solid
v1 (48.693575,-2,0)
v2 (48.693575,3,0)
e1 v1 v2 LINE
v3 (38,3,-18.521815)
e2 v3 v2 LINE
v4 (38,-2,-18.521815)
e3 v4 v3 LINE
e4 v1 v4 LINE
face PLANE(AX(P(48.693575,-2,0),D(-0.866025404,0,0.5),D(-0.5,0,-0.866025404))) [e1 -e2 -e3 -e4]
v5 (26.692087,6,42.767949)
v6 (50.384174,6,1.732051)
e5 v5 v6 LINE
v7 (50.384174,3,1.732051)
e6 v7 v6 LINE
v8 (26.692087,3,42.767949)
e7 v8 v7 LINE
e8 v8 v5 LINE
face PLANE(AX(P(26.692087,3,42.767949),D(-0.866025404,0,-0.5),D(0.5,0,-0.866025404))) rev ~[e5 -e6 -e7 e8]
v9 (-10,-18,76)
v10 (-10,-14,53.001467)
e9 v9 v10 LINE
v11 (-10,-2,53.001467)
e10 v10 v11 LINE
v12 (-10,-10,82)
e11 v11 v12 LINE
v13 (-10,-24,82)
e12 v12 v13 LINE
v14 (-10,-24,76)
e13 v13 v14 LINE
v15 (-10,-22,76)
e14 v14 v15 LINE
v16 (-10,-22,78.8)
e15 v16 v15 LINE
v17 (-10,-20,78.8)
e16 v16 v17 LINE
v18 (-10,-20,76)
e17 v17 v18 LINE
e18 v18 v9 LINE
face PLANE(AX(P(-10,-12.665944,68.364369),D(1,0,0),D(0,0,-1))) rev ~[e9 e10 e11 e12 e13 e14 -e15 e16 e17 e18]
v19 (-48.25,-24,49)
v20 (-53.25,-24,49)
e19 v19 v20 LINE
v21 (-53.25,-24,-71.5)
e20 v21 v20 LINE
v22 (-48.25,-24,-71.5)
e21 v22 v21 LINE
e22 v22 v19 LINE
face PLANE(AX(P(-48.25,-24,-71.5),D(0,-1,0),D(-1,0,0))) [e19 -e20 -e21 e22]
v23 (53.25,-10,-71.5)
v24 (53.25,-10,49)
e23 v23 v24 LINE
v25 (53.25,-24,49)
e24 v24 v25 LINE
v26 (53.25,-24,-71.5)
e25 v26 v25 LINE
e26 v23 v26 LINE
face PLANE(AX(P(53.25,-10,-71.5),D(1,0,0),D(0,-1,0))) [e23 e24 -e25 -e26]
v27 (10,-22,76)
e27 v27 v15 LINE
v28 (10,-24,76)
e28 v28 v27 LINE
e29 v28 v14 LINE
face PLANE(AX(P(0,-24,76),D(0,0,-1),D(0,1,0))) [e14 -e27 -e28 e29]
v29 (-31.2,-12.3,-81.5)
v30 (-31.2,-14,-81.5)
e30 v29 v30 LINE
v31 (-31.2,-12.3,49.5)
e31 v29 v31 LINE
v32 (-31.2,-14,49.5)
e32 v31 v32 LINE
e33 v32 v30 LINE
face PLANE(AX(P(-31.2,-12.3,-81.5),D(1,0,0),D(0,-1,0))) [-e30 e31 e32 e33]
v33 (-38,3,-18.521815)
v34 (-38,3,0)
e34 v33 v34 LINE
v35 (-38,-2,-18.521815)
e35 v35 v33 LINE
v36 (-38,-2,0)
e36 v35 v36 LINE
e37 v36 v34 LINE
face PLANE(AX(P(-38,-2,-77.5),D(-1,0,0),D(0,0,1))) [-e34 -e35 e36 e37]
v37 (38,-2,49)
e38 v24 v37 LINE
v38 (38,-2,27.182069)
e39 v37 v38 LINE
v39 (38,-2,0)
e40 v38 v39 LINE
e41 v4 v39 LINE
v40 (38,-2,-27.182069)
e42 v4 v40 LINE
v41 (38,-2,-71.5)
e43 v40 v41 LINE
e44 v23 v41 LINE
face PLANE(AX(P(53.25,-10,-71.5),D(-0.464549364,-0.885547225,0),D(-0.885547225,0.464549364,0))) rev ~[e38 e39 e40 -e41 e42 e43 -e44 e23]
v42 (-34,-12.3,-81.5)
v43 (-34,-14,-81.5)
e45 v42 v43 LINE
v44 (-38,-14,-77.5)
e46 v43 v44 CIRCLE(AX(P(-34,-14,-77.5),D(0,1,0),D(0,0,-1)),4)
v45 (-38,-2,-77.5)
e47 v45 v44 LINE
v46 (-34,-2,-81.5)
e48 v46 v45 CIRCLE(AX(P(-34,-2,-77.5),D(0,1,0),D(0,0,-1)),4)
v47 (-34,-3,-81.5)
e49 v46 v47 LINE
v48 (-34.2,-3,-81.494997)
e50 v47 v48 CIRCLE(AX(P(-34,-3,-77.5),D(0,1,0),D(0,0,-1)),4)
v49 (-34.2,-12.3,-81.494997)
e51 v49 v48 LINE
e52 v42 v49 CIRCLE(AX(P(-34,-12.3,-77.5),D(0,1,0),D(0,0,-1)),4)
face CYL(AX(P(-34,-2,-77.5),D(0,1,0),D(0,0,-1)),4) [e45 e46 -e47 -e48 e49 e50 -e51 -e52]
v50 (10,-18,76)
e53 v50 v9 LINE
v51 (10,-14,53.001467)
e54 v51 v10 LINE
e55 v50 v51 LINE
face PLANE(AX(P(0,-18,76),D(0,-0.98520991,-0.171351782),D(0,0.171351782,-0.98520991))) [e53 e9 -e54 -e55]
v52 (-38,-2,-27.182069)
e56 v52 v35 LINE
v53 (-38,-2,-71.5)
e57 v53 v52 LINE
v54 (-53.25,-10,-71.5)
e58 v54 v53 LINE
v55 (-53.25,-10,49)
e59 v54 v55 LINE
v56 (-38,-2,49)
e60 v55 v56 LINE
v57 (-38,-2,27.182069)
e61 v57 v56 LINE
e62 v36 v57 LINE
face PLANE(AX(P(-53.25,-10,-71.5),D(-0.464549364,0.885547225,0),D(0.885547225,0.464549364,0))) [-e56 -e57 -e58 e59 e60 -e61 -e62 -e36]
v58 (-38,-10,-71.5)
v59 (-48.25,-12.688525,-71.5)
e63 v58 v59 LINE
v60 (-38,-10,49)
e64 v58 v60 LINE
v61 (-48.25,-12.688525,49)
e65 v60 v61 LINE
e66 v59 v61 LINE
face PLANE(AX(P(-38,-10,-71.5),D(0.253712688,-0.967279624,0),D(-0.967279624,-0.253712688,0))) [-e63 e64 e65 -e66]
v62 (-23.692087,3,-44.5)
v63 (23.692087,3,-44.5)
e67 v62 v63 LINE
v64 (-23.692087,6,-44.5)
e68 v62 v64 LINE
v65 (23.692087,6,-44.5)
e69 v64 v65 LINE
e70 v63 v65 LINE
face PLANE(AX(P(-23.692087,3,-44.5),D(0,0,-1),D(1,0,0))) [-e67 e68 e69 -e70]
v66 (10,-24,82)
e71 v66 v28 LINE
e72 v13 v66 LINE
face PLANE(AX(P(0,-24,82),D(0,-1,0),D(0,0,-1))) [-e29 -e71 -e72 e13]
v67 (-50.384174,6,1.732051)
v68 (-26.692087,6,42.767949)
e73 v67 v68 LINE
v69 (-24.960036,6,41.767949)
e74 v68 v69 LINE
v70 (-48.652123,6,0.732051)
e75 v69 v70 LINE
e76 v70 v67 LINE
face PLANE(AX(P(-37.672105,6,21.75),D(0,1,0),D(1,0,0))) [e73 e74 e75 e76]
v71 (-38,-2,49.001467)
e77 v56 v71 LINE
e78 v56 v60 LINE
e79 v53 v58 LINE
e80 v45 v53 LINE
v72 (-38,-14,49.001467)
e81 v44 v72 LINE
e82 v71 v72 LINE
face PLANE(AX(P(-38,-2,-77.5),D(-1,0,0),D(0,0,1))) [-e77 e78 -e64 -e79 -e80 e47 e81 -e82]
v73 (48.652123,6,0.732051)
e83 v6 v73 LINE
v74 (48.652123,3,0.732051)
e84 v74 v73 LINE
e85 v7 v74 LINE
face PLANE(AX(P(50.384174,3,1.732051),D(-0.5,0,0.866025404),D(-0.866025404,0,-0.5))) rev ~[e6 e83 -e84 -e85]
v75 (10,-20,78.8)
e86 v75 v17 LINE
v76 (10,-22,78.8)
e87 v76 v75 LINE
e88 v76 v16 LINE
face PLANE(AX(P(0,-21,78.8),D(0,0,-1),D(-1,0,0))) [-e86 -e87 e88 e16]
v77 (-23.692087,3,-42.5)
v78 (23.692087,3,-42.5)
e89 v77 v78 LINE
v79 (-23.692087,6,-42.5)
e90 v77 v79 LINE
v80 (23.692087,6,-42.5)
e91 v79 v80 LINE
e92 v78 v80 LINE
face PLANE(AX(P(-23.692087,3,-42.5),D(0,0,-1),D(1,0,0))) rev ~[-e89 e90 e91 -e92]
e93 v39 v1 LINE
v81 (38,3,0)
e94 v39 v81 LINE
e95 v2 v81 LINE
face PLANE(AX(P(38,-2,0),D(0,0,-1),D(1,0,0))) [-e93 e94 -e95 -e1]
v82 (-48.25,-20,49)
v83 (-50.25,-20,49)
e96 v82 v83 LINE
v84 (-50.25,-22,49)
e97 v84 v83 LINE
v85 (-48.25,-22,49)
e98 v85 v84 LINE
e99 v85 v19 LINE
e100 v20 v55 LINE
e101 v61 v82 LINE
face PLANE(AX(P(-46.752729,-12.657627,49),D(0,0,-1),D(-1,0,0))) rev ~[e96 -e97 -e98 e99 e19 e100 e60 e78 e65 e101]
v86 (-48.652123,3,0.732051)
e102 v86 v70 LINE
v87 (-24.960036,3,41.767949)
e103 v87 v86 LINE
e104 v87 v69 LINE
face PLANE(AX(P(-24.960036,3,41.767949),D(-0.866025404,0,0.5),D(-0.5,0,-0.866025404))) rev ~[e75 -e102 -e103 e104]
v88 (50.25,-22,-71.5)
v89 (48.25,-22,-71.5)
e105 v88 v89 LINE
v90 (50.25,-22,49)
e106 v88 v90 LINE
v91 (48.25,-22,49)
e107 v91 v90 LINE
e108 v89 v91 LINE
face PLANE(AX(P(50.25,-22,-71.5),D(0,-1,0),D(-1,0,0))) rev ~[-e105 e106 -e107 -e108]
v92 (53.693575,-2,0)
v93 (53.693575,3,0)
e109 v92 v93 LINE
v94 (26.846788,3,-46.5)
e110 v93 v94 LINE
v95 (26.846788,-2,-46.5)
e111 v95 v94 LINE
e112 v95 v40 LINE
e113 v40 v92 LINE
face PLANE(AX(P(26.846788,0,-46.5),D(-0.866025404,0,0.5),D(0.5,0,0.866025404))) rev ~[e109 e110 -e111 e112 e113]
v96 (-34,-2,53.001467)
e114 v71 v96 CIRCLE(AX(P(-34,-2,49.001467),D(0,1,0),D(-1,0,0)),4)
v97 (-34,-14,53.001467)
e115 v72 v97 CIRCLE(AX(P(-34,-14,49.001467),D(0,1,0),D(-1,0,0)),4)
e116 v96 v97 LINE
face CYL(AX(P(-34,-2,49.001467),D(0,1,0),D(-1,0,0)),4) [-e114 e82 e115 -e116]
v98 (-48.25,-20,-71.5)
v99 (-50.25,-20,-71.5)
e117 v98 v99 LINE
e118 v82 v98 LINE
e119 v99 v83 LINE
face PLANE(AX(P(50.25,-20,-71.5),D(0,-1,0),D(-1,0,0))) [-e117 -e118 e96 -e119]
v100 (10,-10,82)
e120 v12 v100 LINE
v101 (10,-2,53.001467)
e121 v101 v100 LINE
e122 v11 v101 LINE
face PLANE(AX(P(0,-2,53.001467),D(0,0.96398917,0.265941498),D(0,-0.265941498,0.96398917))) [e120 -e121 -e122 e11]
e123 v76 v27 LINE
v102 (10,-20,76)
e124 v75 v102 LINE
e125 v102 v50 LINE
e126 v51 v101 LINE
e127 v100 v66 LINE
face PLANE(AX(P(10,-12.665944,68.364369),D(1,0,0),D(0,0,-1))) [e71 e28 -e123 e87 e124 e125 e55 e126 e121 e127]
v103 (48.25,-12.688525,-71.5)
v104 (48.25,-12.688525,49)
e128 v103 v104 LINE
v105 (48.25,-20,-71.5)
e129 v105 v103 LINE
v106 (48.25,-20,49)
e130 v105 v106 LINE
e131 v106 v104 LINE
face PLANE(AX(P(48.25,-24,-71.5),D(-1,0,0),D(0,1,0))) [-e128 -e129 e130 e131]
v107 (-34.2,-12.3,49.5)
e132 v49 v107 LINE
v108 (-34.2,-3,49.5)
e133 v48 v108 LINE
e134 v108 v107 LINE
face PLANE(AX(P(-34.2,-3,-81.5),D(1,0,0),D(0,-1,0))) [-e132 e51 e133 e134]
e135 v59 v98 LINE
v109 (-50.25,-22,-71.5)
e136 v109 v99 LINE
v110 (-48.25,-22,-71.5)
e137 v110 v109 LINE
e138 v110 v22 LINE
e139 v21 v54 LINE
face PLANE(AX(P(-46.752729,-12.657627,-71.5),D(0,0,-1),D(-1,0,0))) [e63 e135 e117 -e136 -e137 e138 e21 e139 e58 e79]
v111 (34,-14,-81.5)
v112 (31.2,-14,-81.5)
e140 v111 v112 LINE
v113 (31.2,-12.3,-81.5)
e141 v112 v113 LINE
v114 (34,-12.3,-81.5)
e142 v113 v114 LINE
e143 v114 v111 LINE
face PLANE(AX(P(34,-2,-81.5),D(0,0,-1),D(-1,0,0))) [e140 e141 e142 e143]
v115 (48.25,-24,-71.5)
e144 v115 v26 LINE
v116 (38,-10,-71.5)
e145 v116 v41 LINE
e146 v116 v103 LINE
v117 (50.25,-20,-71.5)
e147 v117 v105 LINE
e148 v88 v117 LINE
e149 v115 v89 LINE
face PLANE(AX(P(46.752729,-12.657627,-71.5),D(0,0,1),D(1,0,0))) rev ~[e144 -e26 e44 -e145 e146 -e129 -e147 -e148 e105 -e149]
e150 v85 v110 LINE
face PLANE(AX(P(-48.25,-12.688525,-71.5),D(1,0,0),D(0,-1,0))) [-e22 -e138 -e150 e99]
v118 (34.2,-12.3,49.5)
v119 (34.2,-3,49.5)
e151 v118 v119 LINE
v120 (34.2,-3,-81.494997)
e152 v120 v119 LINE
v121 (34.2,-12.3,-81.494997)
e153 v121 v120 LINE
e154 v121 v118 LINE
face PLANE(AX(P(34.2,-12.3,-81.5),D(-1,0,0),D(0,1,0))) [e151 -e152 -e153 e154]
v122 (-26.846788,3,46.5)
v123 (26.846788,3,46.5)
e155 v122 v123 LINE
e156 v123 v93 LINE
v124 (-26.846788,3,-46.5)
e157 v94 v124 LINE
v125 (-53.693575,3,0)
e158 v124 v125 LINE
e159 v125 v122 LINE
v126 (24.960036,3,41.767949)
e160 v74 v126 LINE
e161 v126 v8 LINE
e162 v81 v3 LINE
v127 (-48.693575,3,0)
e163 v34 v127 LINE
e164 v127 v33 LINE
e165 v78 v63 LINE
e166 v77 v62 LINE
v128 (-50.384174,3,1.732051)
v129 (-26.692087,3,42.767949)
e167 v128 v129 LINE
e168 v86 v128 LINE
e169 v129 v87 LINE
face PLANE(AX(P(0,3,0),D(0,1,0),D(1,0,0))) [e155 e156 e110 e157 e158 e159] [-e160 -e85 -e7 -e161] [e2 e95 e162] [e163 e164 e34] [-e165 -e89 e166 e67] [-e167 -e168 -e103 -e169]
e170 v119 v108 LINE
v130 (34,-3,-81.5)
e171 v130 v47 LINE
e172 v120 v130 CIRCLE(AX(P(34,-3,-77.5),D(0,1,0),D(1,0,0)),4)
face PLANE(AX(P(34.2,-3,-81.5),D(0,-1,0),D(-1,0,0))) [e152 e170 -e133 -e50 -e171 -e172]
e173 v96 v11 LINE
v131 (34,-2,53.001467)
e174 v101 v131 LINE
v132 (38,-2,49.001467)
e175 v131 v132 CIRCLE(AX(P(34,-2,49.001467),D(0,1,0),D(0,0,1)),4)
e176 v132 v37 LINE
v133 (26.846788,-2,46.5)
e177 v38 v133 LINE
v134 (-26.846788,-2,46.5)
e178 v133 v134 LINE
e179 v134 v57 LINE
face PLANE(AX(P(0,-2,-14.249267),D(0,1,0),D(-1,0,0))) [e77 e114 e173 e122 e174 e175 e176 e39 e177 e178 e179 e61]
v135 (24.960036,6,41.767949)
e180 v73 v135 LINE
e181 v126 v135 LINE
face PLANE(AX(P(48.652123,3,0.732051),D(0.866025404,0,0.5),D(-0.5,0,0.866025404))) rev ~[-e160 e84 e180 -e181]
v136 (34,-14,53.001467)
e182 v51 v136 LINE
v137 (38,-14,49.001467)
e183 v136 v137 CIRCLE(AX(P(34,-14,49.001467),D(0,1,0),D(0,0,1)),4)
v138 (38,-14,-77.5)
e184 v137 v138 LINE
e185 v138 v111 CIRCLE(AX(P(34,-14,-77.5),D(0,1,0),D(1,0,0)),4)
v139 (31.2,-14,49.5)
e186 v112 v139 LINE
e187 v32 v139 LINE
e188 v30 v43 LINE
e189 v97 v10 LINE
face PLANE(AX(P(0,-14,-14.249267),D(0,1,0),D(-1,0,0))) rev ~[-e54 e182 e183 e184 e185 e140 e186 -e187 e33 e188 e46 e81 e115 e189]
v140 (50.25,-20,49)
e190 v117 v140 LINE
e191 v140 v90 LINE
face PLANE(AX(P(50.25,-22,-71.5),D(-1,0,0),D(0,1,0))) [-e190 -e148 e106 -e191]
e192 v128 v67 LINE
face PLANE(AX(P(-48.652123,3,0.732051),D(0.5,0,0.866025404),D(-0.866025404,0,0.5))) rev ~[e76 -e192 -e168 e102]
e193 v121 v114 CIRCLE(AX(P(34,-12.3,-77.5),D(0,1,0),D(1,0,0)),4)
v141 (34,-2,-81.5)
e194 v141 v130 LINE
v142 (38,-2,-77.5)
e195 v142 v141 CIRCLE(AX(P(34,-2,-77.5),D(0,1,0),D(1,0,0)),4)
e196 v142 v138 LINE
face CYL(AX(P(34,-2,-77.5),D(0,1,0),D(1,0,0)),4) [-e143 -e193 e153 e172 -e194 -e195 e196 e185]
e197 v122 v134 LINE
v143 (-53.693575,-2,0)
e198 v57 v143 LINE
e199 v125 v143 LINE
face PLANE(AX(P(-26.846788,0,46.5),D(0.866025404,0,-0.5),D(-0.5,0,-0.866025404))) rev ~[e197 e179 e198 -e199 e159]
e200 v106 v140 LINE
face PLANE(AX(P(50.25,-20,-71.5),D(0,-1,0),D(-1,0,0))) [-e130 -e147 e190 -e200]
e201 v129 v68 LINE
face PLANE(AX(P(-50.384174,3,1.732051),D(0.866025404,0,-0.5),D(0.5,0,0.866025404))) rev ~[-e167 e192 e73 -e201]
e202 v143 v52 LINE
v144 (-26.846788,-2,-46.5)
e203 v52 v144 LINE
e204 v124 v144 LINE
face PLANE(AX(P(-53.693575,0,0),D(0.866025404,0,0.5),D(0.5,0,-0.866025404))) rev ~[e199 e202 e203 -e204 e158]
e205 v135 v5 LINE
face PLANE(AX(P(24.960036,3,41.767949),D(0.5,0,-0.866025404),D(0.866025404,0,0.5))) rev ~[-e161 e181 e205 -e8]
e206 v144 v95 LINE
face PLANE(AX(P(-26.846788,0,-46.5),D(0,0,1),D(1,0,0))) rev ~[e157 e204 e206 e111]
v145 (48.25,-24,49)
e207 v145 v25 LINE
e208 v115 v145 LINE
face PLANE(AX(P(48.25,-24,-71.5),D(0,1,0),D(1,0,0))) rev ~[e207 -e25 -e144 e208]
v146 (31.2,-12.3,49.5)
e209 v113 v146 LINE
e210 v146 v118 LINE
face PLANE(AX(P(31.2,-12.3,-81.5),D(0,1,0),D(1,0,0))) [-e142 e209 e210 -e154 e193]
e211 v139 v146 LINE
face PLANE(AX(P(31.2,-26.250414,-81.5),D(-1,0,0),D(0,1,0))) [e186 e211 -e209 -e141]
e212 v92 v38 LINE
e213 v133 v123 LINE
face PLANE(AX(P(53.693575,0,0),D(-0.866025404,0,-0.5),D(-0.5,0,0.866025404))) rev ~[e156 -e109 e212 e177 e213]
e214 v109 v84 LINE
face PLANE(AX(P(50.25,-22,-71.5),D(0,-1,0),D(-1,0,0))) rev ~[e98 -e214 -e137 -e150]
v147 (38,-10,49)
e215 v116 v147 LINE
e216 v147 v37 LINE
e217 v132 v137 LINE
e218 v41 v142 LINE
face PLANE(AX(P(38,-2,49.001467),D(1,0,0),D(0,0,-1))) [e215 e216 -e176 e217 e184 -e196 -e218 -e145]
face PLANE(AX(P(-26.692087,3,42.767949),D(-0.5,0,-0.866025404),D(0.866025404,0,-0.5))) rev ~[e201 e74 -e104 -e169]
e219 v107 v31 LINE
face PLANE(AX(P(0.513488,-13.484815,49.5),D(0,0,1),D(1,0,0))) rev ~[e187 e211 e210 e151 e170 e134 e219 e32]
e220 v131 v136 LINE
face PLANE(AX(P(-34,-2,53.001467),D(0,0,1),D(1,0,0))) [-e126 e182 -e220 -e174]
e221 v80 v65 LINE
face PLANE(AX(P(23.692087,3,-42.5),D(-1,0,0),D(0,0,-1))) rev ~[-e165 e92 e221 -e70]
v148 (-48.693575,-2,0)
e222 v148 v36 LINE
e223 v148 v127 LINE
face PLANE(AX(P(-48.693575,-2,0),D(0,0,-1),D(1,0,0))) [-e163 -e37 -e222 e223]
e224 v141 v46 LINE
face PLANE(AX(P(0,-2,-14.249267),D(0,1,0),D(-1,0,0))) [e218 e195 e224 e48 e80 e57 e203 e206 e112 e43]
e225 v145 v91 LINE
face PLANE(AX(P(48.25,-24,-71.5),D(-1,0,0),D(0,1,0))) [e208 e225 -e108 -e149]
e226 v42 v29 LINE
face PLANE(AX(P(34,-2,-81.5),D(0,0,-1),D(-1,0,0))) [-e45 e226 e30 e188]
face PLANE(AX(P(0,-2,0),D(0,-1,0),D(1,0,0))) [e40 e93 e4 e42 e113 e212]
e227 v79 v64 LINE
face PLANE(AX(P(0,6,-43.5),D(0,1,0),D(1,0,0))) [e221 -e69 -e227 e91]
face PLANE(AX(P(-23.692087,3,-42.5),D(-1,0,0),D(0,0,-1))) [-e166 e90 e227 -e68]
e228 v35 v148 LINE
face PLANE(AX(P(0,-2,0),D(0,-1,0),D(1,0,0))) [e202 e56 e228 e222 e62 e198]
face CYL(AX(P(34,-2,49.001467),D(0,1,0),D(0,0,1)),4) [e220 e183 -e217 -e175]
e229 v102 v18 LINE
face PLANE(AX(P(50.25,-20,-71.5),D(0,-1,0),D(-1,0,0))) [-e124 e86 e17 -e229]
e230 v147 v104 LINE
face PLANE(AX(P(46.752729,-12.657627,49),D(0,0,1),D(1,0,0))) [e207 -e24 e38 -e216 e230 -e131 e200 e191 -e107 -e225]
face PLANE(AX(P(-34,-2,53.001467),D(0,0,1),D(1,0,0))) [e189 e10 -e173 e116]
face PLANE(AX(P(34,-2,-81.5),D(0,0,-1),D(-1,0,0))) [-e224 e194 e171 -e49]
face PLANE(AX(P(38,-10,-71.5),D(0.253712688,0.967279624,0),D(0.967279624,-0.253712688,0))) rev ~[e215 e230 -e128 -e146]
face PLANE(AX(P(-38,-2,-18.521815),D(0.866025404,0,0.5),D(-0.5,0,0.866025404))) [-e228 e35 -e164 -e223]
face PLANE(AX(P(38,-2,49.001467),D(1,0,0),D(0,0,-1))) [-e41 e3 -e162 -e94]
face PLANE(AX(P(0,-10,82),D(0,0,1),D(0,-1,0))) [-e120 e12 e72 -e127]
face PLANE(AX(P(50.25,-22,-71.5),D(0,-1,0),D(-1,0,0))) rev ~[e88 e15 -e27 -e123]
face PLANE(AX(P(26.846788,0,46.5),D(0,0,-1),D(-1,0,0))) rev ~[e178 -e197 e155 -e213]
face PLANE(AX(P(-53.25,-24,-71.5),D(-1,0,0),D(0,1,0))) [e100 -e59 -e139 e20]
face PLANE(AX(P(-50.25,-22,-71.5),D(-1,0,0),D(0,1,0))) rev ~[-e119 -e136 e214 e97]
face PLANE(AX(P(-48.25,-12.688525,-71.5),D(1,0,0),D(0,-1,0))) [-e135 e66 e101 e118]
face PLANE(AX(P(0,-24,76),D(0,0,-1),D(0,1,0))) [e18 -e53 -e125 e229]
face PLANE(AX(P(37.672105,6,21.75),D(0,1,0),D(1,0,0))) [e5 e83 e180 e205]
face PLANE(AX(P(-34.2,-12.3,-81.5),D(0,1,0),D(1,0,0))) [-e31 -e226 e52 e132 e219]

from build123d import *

# Parameters (mm, degrees)
RESSALTO_EXTRUS_O1_DEPTH  = 3
ESBO_O2_W                 = 47.384173958
ESBO_O2_H                 = 2
RESSALTO_EXTRUS_O2_DEPTH  = 3
RESSALTO_EXTRUS_O3_DEPTH  = 2
RESSALTO_EXTRUS_O5_DEPTH  = 12
CORTE_EXTRUS_O1_DEPTH     = 131
CORTE_EXTRUS_O3_DEPTH     = 10
RESSALTO_EXTRUS_O13_DEPTH = 120.5
RESSALTO_EXTRUS_O14_DEPTH = 10
ESBO_O20_W                = 100.5
ESBO_O20_H                = 2
CORTE_EXTRUS_O6_DEPTH     = 150.3


with BuildPart() as part:
    # Esboço1 → Ressalto-extrusão1 (new body)
    with BuildSketch(Plane(origin=(0, 0, 0), x_dir=(1, 0, 0), z_dir=(0, 1, 0))):
        Polygon((53.693575035, 0), (26.846787517, 46.5), (-26.846787517, 46.5), (-53.693575035, 0), (-26.846787517, -46.5), (26.846787517, -46.5), align=None)
    extrude(amount=RESSALTO_EXTRUS_O1_DEPTH)

    # Esboço2 → Ressalto-extrusão2 (add)
    with BuildSketch(Plane(origin=(0, 3, 0), x_dir=(1, 0, 0), z_dir=(0, 1, 0))):
        with Locations((0, 43.5)):
            Rectangle(ESBO_O2_W, ESBO_O2_H)
        Polygon((-50.384173958, -1.732050808), (-26.692086979, -42.767949192), (-24.960036171, -41.767949192), (-48.65212315, -0.732050808), align=None)
        Polygon((26.692086979, -42.767949192), (50.384173958, -1.732050808), (48.65212315, -0.732050808), (24.960036171, -41.767949192), align=None)
    extrude(amount=RESSALTO_EXTRUS_O2_DEPTH)

    # Esboço3 → Ressalto-extrusão3 (add)
    with BuildSketch(Plane.XZ):
        Polygon((26.846787517, 46.5), (-26.846787517, 46.5), (-53.693575035, 0), (-26.846787517, -46.5), (26.846787517, -46.5), (53.693575035, 0), align=None)
    extrude(amount=RESSALTO_EXTRUS_O3_DEPTH)

    # Esboço5 → Ressalto-extrusão5 (add)
    with BuildSketch(Plane.XZ.offset(2)):
        with BuildLine():
            Line((38, 49.00146682), (38, -77.5))
            ThreePointArc((38, -77.5), (36.828427125, -80.328427125), (34, -81.5))
            Line((34, -81.5), (-34, -81.5))
            ThreePointArc((-34, -81.5), (-36.828427125, -80.328427125), (-38, -77.5))
            Line((-38, -77.5), (-38, 49.00146682))
            ThreePointArc((-38, 49.00146682), (-36.828427125, 51.829893945), (-34, 53.00146682))
            Line((-34, 53.00146682), (34, 53.00146682))
            ThreePointArc((34, 53.00146682), (36.828427125, 51.829893945), (38, 49.00146682))
        make_face()
    extrude(amount=RESSALTO_EXTRUS_O5_DEPTH)

    # Esboço7 → Corte-extrusão1 (cut)
    with BuildSketch(Plane(origin=(0, 0, -81.5), x_dir=(-1, 0, 0), z_dir=(0, 0, -1))):
        Polygon((-34.2, -3), (34.2, -3), (34.2, -12.3), (31.2, -12.3), (31.2, -23.281359025), (-31.2, -26.250413902), (-31.2, -12.3), (-34.2, -12.3), align=None)
    extrude(amount=-CORTE_EXTRUS_O1_DEPTH, mode=Mode.SUBTRACT)

    # Esboço8 → Corte-extrusão3 (cut)
    with BuildSketch(Plane.XZ.offset(2)):
        Polygon((-48.693575035, 0), (-38, 0), (-38, -18.521815275), align=None)
        Polygon((38, 0), (48.693575035, 0), (38, -18.521815275), align=None)
    extrude(amount=-CORTE_EXTRUS_O3_DEPTH, mode=Mode.SUBTRACT)

    # Esboço17 → Ressalto-extrusão13 (add)
    with BuildSketch(Plane(origin=(0, 0, -71.5), x_dir=(-1, 0, 0), z_dir=(0, 0, -1))):
        Polygon((-53.25, -20), (-53.25, -18), (-53.25, -10), (-38, -2), (-38, -6), (-38, -10), (-48.25, -12.68852459), (-48.25, -18), (-48.25, -20), (-48.25, -22), (-48.25, -24), (-53.25, -24), (-53.25, -22), align=None)
        Polygon((53.25, -20), (53.25, -18), (53.25, -10), (38, -2), (38, -6), (38, -10), (48.25, -12.68852459), (48.25, -18), (48.25, -20), (48.25, -22), (48.25, -24), (53.25, -24), align=None)
    extrude(amount=-RESSALTO_EXTRUS_O13_DEPTH)

    # Esboço19 → Ressalto-extrusão14 (add, symmetric)
    with BuildSketch(Plane(origin=(0, 0, 0), x_dir=(0, 0, -1), z_dir=(1, 0, 0))):
        Polygon((-53.00146682, -14), (-53.00146682, -2), (-82, -10), (-82, -24), (-76, -24), (-76, -18), align=None)
    extrude(amount=RESSALTO_EXTRUS_O14_DEPTH, both=True)

    # Esboço20 → Corte-extrusão6 (cut)
    with BuildSketch(Plane(origin=(0, 0, -71.5), x_dir=(-1, 0, 0), z_dir=(0, 0, -1))):
        with Locations((0, -21)):
            Rectangle(ESBO_O20_W, ESBO_O20_H)
    extrude(amount=-CORTE_EXTRUS_O6_DEPTH, mode=Mode.SUBTRACT)


solid = part.part
